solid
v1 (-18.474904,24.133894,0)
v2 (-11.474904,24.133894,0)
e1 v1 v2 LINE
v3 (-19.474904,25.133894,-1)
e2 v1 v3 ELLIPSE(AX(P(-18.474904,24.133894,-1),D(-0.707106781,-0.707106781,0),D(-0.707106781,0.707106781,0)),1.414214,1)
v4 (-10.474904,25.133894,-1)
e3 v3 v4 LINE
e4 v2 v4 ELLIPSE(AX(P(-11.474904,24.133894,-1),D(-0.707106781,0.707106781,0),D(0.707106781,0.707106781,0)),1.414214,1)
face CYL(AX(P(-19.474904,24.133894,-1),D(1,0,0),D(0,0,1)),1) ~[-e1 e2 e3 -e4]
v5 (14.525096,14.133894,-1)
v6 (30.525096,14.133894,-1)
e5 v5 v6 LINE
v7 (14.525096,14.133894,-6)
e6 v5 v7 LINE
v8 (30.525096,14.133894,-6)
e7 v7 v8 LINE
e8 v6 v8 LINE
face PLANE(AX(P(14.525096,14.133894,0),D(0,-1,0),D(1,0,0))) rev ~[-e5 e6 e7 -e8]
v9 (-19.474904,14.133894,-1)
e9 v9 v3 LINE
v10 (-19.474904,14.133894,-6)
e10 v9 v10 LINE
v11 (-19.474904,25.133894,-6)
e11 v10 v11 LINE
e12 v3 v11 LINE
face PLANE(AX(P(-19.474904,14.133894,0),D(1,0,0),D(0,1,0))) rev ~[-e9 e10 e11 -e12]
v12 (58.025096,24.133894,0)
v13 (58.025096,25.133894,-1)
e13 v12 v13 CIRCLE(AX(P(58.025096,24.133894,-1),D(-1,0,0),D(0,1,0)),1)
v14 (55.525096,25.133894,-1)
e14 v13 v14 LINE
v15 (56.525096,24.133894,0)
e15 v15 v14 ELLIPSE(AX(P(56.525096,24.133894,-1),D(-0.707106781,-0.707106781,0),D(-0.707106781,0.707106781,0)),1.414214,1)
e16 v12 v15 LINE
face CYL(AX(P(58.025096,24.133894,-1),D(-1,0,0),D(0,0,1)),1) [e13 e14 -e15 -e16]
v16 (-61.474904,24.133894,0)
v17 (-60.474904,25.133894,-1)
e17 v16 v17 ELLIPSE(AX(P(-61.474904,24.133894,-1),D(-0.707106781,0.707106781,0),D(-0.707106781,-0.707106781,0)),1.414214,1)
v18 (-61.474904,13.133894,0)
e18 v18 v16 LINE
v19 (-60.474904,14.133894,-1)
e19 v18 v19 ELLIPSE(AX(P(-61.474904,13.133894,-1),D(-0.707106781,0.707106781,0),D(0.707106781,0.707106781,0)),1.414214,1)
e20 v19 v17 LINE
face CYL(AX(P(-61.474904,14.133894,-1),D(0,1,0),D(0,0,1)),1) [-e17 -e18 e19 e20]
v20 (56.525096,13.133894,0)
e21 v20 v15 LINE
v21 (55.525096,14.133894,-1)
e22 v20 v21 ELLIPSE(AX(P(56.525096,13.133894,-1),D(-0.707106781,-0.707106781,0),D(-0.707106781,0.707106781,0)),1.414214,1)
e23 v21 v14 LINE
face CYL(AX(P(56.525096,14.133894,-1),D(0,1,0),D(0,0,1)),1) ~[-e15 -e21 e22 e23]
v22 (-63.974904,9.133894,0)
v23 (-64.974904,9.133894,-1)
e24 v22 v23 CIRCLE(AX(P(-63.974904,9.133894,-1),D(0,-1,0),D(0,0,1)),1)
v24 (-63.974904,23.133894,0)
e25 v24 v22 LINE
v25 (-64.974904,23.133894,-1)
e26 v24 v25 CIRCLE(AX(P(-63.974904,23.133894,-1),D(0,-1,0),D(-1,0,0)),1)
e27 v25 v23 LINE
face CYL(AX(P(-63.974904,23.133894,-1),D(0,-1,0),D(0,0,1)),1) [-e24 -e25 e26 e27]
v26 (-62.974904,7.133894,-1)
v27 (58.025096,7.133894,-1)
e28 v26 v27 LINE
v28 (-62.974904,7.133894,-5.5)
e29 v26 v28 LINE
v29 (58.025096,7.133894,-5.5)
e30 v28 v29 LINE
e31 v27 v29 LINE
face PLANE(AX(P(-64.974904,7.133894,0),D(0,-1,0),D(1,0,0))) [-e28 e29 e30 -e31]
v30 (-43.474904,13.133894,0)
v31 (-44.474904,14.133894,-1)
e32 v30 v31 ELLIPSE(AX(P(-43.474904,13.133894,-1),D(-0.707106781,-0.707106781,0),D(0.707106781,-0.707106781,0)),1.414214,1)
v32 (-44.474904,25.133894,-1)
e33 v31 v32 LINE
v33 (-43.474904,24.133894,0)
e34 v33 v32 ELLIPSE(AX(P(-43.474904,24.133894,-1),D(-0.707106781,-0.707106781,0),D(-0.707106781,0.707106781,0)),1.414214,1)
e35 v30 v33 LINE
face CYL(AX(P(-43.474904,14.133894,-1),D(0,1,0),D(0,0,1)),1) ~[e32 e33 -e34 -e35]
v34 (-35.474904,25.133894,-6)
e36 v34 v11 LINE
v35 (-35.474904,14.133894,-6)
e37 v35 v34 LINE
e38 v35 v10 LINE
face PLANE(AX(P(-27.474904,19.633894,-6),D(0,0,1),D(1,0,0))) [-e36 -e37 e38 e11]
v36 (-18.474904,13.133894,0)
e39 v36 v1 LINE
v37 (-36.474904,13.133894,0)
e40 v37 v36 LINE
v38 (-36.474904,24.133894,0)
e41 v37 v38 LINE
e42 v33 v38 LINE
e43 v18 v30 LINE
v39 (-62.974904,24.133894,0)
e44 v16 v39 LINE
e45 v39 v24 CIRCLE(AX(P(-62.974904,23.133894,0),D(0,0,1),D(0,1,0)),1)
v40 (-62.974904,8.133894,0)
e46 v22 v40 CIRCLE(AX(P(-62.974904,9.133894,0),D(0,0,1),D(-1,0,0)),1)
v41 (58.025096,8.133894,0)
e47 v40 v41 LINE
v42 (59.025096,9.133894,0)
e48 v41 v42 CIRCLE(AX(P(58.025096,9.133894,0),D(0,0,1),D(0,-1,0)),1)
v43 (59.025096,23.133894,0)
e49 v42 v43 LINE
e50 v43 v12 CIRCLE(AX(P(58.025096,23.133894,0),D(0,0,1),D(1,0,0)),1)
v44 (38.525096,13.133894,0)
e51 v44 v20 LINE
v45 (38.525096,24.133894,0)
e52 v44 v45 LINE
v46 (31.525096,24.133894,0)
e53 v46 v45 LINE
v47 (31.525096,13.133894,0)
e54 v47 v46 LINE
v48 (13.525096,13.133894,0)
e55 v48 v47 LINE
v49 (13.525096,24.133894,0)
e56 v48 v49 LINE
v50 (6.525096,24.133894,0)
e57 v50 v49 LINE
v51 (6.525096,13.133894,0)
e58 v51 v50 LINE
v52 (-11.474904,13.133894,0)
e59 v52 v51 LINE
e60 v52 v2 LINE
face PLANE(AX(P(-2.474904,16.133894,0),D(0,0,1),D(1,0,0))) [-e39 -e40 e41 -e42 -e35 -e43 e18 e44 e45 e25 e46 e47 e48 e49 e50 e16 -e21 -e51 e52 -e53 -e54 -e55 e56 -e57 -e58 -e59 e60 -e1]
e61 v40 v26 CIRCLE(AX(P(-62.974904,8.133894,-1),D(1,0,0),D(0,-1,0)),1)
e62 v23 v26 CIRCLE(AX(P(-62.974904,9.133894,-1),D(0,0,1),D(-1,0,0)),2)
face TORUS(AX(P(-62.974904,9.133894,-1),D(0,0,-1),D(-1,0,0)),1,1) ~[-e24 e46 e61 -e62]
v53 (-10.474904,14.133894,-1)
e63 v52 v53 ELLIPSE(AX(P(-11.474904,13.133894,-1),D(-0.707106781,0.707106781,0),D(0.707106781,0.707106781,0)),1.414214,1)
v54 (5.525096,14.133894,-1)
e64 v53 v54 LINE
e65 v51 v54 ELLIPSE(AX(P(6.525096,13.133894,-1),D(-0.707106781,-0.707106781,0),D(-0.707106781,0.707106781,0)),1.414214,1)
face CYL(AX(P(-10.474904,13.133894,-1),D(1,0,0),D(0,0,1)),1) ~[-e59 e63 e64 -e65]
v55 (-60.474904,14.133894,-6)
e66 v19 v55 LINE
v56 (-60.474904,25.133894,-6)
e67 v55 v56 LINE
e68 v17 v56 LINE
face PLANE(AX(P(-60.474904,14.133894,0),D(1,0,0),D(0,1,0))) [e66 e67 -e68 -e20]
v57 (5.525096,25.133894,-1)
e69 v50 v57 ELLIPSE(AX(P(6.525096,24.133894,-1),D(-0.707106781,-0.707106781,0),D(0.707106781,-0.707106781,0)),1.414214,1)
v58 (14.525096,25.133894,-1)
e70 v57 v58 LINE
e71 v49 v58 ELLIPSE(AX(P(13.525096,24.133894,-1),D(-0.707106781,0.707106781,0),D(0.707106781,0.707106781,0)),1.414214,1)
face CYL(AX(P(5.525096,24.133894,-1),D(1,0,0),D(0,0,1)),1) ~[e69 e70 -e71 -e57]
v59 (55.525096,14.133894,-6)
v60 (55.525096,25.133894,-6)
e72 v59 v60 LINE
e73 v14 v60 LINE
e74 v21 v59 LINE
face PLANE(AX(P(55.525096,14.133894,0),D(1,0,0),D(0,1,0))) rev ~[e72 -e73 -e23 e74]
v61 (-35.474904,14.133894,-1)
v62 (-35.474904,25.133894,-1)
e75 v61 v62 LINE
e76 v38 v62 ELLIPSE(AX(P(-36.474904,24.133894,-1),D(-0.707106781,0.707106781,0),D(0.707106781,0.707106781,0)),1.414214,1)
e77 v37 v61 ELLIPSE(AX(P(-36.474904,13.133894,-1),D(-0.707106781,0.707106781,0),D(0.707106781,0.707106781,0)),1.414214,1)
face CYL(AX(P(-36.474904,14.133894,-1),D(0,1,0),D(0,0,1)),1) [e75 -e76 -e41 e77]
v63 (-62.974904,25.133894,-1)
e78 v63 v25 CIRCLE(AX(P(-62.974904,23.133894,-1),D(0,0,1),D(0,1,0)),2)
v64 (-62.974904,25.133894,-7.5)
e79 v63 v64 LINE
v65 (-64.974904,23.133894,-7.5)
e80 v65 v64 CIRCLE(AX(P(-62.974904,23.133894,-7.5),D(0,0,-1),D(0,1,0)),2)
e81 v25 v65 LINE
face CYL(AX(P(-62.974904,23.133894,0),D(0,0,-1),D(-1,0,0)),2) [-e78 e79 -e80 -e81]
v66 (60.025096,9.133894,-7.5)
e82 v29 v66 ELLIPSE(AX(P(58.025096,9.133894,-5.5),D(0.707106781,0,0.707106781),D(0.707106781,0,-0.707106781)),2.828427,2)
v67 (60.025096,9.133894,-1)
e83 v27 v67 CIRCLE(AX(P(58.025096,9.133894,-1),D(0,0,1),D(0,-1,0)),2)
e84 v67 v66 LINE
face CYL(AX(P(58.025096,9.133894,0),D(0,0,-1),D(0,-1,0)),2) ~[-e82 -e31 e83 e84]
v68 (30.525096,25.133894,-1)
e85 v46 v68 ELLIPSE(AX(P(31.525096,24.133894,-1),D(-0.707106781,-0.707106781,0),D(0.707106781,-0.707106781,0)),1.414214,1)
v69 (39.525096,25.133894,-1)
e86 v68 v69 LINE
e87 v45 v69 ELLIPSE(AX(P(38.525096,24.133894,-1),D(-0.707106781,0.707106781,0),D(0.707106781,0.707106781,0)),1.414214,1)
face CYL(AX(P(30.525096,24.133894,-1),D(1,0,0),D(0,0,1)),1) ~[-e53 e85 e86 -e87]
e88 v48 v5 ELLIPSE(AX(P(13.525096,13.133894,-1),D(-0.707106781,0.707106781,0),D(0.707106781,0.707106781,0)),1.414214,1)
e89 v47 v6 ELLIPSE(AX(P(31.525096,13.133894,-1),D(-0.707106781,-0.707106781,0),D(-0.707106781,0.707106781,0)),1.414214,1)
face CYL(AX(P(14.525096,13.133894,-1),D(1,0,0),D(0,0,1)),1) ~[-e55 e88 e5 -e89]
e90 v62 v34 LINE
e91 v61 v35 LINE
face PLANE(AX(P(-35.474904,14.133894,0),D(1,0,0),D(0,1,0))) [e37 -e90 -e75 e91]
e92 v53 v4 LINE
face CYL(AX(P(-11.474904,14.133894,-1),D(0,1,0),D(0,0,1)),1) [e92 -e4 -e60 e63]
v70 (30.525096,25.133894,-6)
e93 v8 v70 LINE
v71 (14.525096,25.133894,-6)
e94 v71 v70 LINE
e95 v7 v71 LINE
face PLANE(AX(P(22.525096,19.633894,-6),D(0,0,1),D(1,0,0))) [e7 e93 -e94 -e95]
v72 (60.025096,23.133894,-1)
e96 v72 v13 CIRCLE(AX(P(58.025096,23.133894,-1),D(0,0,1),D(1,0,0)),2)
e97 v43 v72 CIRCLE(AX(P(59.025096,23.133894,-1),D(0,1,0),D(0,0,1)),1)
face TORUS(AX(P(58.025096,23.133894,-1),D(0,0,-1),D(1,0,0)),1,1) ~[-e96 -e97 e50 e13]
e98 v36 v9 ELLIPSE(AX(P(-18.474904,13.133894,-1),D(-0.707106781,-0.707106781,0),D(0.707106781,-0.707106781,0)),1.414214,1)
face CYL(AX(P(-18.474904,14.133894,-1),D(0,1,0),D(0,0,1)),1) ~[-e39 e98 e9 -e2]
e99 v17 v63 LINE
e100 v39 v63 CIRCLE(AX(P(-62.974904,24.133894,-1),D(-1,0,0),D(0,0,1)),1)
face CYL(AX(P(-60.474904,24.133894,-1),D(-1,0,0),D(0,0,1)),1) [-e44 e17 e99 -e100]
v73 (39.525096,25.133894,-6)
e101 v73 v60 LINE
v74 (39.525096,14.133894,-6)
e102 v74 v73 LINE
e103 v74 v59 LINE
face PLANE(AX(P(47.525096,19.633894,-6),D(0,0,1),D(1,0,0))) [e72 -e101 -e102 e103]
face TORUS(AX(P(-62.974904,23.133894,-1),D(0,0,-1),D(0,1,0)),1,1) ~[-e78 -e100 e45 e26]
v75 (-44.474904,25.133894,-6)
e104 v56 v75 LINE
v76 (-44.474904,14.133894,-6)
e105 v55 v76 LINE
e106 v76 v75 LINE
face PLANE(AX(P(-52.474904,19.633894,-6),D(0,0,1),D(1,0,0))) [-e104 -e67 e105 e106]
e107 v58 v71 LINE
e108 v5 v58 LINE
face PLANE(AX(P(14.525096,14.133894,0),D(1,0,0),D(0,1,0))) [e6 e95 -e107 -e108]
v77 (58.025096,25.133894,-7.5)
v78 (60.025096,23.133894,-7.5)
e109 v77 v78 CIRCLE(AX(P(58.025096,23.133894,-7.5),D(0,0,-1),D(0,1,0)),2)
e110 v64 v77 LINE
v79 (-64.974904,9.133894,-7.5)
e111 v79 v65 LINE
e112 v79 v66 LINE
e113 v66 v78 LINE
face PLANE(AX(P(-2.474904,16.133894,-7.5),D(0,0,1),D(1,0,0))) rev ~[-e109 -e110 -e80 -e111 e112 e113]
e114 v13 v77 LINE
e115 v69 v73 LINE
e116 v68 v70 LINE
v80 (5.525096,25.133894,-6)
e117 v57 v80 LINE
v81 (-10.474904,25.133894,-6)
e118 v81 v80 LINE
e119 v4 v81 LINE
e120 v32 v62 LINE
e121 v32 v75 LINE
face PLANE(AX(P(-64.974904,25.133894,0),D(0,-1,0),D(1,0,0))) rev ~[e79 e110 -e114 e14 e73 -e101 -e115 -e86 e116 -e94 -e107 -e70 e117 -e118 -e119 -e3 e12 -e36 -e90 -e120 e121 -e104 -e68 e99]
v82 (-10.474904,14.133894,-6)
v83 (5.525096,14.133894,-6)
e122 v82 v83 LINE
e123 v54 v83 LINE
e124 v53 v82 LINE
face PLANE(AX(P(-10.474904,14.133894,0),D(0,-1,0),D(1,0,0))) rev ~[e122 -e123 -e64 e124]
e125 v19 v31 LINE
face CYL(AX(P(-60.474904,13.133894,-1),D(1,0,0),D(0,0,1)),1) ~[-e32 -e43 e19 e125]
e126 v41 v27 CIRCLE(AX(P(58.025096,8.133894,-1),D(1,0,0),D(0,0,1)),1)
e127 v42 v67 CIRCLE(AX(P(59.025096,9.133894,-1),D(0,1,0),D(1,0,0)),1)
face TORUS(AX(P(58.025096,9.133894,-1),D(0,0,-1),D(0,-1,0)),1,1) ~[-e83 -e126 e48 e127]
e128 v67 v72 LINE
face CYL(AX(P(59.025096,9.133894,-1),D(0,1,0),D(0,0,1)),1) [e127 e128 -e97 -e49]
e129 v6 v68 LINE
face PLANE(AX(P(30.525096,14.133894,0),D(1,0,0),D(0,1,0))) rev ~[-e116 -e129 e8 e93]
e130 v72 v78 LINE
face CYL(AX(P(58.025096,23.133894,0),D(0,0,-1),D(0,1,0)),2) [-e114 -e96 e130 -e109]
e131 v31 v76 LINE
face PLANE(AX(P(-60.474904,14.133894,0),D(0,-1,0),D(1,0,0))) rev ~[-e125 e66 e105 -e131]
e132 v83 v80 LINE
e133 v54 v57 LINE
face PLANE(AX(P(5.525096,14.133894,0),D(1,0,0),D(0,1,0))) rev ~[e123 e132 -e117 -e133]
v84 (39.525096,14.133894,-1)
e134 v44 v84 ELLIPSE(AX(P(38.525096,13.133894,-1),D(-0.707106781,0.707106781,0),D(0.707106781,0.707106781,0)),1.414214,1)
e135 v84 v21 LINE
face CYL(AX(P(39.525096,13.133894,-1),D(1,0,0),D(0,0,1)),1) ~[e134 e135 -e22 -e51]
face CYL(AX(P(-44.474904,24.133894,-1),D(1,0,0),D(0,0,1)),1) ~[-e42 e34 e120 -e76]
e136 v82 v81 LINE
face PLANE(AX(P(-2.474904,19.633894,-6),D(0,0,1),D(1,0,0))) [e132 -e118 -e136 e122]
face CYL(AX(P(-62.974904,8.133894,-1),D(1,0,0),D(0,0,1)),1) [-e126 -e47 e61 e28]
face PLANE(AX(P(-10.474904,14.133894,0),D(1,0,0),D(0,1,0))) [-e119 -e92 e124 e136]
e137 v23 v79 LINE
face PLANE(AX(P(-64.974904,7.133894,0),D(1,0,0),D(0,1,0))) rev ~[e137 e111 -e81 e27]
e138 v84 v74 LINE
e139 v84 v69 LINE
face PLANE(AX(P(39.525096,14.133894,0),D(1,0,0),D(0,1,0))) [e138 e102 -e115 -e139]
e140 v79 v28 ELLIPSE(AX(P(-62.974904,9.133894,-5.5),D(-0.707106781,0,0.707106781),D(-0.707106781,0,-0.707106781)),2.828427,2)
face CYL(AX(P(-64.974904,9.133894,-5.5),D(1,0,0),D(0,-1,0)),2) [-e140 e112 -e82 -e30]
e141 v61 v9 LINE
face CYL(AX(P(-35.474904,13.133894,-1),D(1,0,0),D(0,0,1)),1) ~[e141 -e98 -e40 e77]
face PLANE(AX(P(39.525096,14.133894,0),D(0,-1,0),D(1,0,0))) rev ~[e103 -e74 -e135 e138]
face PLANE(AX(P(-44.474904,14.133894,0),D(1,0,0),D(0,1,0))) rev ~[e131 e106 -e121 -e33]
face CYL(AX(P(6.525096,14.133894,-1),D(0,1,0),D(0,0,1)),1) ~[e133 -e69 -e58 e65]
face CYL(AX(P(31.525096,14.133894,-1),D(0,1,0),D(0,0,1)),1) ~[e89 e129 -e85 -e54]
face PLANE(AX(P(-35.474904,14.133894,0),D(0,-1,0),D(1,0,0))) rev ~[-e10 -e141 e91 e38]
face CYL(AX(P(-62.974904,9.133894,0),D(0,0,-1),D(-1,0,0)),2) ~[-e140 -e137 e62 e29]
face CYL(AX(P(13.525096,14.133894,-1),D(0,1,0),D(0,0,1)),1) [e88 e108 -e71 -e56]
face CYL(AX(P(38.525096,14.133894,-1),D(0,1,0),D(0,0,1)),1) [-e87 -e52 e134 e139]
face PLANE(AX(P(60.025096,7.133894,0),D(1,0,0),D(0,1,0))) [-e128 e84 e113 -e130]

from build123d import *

# Parameters (mm, degrees)
F0_W     = 125
F0_H     = 18
F1_DEPTH = 7.5
F2_W     = 16
F2_H     = 11
F3_DEPTH = 6
F4_R     = 2
F5_R     = 1


with BuildPart() as f1:
    # F0 (on Top) → F1 (new body)
    with BuildSketch(Plane.XY):
        with Locations((-2.4749040604, 16.1338936687)):
            Rectangle(F0_W, F0_H)
    extrude(amount=-F1_DEPTH)

    # F2 (on Top) → F3 (cut)
    with BuildSketch(Plane.XY):
        with Locations((-52.4749040604, 19.6338936687)):
            Rectangle(F2_W, F2_H)
        with Locations((-27.4749040604, 19.6338936687)):
            Rectangle(F2_W, F2_H)
        with Locations((-2.4749040604, 19.6338936687)):
            Rectangle(F2_W, F2_H)
        with Locations((22.5250959396, 19.6338936687)):
            Rectangle(F2_W, F2_H)
        with Locations((47.5250959396, 19.6338936687)):
            Rectangle(F2_W, F2_H)
    extrude(amount=-F3_DEPTH, mode=Mode.SUBTRACT)

    # F4
    f4_edges = [f1.edges().sort_by_distance(p)[0] for p in [
        (60.025096, 25.133894, -3.75),
        (60.025096, 7.133894, -3.75),
        (-64.974904, 25.133894, -3.75),
        (-64.974904, 7.133894, -3.75),
        (-2.474904, 7.133894, -7.5),
    ]]
    fillet(f4_edges, radius=F4_R)

    # F5
    f5_edges = [f1.edges().sort_by_distance(p)[0] for p in [
        (60.025096, 16.133894, 0),
        (59.43931, 7.71968, 0),
        (59.43931, 24.548107, 0),
        (-2.474904, 7.133894, 0),
        (56.775096, 25.133894, 0),
        (-64.389118, 7.71968, 0),
        (55.525096, 19.633894, 0),
        (-64.974904, 16.133894, 0),
        (47.525096, 14.133894, 0),
        (-64.389118, 24.548107, 0),
        (39.525096, 19.633894, 0),
        (-61.724904, 25.133894, 0),
        (35.025096, 25.133894, 0),
        (-60.474904, 19.633894, 0),
        (30.525096, 19.633894, 0),
        (-52.474904, 14.133894, 0),
        (22.525096, 14.133894, 0),
        (-44.474904, 19.633894, 0),
        (14.525096, 19.633894, 0),
        (-39.974904, 25.133894, 0),
        (10.025096, 25.133894, 0),
        (-35.474904, 19.633894, 0),
        (5.525096, 19.633894, 0),
        (-27.474904, 14.133894, 0),
        (-2.474904, 14.133894, 0),
        (-19.474904, 19.633894, 0),
        (-10.474904, 19.633894, 0),
        (-14.974904, 25.133894, 0),
    ]]
    fillet(f5_edges, radius=F5_R)


solid = f1.part
